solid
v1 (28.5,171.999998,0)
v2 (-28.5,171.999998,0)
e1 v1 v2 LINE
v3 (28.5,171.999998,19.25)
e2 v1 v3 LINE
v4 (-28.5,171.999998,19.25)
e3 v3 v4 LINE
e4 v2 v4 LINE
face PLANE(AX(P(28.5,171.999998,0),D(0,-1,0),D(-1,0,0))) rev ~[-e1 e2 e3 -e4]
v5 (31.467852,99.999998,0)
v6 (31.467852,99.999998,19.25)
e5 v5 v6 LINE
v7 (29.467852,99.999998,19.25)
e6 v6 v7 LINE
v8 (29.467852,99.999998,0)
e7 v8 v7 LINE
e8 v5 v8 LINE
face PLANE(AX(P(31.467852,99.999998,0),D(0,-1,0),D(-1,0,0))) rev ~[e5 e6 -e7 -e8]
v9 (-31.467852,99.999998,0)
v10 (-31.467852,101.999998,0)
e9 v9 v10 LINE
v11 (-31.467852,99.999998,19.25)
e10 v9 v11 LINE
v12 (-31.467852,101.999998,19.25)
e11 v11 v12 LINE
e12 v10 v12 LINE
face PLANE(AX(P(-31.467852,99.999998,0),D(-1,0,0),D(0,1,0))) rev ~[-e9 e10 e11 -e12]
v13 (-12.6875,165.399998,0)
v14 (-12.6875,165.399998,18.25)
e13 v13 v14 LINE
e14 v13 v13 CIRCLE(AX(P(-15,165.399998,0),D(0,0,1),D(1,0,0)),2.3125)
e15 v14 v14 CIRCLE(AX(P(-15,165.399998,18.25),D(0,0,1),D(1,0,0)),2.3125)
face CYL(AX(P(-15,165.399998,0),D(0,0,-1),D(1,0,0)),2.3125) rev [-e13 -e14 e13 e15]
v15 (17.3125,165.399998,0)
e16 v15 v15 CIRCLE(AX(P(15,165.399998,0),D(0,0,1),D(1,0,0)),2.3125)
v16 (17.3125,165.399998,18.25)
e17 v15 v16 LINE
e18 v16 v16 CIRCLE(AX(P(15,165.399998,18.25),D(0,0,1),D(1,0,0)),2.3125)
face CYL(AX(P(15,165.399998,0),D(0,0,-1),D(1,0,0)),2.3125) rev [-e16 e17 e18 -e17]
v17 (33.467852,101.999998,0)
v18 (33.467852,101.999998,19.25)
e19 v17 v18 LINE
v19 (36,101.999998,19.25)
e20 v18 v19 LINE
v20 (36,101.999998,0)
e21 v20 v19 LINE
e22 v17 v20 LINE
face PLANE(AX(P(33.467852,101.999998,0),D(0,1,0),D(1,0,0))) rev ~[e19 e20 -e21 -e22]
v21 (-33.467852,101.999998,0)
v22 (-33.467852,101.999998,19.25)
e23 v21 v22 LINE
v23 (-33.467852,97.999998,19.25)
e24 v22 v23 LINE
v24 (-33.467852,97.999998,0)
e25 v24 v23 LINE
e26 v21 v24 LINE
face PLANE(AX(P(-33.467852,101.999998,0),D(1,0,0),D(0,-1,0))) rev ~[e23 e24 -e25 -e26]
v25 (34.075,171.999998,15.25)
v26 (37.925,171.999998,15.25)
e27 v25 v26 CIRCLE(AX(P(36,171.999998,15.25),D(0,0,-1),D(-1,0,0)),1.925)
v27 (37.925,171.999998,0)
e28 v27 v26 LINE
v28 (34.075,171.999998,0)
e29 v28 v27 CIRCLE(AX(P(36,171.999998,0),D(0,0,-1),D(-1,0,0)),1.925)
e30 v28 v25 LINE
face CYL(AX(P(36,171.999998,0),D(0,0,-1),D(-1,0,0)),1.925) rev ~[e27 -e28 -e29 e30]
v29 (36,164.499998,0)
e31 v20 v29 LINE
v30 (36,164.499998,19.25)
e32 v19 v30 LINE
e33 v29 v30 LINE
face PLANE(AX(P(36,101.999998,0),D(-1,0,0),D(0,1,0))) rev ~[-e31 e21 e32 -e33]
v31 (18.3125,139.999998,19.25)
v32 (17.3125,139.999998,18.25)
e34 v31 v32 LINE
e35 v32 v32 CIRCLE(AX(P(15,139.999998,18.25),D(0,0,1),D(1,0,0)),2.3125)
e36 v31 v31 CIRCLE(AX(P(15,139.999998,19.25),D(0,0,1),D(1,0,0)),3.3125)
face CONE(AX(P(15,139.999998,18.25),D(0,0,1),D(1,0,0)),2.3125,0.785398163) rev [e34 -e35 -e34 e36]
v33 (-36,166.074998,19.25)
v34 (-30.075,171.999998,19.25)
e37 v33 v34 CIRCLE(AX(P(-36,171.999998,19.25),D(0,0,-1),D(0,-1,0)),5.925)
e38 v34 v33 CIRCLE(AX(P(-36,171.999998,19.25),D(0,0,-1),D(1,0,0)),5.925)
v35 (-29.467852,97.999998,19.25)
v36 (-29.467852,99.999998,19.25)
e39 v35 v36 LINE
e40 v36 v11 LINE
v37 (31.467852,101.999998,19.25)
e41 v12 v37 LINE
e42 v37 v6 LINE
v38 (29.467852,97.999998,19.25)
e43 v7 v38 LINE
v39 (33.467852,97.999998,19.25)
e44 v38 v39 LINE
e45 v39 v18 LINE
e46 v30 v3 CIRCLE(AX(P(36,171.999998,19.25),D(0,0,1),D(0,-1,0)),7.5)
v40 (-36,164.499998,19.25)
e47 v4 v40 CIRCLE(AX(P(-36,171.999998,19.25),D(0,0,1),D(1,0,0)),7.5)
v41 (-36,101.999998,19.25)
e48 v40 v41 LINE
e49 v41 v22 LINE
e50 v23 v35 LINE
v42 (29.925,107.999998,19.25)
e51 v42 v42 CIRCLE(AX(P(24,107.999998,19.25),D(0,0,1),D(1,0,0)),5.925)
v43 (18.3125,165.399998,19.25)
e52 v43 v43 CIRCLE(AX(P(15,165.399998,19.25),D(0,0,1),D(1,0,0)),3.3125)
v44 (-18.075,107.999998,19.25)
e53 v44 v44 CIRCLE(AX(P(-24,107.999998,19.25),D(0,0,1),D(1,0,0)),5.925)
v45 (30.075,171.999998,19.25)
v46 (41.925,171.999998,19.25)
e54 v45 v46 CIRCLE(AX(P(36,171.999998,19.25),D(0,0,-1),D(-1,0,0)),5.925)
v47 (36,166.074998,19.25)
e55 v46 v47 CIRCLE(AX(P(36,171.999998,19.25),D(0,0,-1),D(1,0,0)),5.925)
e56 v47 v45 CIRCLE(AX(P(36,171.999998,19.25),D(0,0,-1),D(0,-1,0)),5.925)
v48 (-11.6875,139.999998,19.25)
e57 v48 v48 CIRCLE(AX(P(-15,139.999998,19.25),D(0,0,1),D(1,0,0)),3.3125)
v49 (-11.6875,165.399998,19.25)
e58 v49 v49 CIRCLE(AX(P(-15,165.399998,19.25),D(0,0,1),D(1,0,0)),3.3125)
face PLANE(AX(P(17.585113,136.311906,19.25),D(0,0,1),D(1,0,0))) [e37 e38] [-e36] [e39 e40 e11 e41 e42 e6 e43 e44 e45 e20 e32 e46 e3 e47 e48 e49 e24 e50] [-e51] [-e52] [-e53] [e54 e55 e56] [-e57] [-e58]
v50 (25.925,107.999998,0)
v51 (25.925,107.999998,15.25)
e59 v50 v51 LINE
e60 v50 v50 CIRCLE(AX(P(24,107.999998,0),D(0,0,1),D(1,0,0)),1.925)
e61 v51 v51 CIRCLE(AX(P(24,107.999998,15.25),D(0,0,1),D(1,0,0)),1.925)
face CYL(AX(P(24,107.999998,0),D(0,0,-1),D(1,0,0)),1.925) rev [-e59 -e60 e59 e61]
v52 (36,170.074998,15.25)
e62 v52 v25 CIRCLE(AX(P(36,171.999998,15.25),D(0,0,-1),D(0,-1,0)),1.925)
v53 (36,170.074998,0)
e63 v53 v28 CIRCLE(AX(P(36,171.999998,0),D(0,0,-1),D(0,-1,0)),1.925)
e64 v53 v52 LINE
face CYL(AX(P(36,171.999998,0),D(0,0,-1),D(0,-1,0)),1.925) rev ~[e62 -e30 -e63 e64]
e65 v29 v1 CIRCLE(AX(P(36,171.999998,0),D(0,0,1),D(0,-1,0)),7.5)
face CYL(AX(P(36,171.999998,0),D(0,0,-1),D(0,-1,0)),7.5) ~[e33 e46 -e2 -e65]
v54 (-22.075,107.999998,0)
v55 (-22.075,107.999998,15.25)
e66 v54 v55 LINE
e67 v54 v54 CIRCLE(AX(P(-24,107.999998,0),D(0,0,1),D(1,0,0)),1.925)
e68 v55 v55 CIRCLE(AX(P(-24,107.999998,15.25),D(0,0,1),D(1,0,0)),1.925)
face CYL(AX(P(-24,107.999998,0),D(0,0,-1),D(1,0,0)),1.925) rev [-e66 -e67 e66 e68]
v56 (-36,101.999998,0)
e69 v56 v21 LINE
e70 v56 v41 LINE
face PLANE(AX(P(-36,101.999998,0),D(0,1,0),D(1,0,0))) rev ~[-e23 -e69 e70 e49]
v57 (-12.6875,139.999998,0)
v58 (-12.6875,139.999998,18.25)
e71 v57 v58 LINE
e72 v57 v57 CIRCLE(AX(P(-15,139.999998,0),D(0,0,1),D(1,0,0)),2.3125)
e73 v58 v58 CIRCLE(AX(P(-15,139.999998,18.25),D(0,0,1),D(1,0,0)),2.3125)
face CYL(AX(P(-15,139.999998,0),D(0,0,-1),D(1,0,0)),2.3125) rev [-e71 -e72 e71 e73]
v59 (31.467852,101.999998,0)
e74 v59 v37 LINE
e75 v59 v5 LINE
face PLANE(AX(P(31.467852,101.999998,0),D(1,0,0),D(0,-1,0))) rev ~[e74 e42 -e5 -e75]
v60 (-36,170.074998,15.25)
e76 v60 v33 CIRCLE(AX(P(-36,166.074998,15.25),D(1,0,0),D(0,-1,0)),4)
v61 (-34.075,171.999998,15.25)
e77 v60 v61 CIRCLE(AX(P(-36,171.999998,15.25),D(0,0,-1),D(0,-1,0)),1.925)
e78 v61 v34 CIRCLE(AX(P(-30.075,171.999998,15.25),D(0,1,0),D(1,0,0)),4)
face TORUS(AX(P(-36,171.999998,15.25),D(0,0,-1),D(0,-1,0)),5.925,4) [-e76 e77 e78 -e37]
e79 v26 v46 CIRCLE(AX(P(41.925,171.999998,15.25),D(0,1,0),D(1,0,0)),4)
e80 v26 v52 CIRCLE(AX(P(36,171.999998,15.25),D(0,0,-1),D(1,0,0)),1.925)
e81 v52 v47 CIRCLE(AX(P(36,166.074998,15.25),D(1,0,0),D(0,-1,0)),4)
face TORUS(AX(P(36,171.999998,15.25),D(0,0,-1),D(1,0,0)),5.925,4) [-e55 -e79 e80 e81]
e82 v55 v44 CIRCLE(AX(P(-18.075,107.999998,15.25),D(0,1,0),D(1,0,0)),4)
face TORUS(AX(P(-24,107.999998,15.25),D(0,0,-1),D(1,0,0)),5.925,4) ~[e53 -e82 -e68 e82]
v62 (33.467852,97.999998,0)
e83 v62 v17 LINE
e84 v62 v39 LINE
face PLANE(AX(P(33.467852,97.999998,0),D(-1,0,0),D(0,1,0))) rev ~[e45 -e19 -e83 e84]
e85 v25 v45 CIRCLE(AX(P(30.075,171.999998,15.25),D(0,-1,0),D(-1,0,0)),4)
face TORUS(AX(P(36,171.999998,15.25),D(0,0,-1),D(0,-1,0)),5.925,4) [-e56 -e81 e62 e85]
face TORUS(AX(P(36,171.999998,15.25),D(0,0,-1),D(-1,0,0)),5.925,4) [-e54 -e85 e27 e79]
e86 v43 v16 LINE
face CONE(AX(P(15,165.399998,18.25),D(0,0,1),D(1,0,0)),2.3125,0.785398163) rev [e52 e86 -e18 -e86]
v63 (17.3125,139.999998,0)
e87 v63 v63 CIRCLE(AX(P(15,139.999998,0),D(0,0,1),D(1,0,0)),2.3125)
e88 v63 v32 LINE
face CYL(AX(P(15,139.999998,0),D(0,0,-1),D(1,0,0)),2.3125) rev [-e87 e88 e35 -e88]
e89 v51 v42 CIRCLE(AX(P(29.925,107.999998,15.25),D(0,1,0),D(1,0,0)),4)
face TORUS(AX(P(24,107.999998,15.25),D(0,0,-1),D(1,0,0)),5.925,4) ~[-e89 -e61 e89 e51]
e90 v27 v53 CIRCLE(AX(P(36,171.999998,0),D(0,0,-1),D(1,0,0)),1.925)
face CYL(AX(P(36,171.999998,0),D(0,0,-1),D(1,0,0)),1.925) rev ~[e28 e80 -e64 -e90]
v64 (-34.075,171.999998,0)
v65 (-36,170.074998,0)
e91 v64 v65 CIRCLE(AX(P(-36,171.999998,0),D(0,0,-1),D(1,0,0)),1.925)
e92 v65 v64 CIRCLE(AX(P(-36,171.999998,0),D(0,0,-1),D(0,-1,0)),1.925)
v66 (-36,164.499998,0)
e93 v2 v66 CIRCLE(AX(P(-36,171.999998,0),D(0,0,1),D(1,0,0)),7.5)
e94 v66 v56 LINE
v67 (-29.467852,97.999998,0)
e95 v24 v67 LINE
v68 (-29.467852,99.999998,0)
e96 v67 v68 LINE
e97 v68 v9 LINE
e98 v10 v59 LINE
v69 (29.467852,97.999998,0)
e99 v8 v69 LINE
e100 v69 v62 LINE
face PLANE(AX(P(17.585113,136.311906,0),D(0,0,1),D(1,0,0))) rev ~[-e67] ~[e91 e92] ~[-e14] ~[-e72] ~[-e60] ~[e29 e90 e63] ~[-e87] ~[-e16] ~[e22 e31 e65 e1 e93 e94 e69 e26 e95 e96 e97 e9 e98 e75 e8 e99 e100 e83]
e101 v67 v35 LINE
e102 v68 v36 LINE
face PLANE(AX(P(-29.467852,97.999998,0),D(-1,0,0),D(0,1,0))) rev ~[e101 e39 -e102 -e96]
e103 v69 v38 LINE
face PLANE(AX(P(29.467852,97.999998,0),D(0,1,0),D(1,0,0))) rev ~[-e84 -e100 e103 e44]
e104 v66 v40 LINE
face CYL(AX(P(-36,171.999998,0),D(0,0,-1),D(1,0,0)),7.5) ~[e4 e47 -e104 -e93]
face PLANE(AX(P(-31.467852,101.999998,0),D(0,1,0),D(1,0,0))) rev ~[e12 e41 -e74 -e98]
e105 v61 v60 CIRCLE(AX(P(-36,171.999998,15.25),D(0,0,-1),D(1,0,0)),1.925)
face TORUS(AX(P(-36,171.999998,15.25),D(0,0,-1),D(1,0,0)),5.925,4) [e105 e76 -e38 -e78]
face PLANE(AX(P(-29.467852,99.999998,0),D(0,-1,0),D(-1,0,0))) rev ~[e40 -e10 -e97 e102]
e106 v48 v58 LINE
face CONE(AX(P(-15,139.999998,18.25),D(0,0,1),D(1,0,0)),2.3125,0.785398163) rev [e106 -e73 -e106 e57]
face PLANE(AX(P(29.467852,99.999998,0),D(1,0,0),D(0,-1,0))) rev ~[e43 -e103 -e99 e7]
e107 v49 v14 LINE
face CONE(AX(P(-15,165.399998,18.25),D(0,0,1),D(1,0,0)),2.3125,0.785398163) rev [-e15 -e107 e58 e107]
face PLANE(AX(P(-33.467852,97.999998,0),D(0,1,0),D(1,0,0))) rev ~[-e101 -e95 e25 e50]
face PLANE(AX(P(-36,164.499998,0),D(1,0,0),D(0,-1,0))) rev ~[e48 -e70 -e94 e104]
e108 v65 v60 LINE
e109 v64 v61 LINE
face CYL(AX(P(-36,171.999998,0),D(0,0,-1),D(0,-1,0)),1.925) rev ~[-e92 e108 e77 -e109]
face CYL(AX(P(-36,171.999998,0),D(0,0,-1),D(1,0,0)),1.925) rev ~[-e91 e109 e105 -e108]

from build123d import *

# Parameters (mm, degrees)
F0_R     = 2.3125
F0_R_2   = 1.925
F1_DEPTH = 19.25
F2_R     = 4
F3_SIZE  = 1


with BuildPart() as f1:
    # F0 (on Top) → F1 (new body)
    with BuildSketch(Plane.XY):
        with BuildLine():
            Line((33.6678512394, 101.9999980927), (36, 101.9999980927))
            Line((36, 101.9999980927), (36, 164.4999980927))
            ThreePointArc((36, 164.4999980927), (30.6966991411, 166.6966972338), (28.5, 171.9999980927))
            Line((28.5, 171.9999980927), (0, 171.9999980927))
            Line((0, 171.9999980927), (0, 101.9999980927))
            Line((0, 101.9999980927), (31.2678519189, 101.9999980927))
            Line((31.2678519189, 101.9999980927), (31.4678515792, 101.9999980927))
            Line((31.4678515792, 101.9999980927), (33.4678515792, 101.9999980927))
            Line((33.4678515792, 101.9999980927), (33.6678512394, 101.9999980927))
        make_face()
        with Locations((15, 139.9999980927)):
            Circle(F0_R, mode=Mode.SUBTRACT)
        with Locations((24, 107.9999980927)):
            Circle(F0_R_2, mode=Mode.SUBTRACT)
        with Locations((15, 165.3999980927)):
            Circle(F0_R, mode=Mode.SUBTRACT)
        with BuildLine():
            Line((0, 101.9999980927), (0, 171.9999980927))
            Line((0, 171.9999980927), (-28.5, 171.9999980927))
            ThreePointArc((-28.5, 171.9999980927), (-30.6966991411, 166.6966972338), (-36, 164.4999980927))
            Line((-36, 164.4999980927), (-36, 101.9999980927))
            Line((-36, 101.9999980927), (-33.6678512394, 101.9999980927))
            Line((-33.6678512394, 101.9999980927), (-33.4678515792, 101.9999980927))
            Line((-33.4678515792, 101.9999980927), (-31.4678515792, 101.9999980927))
            Line((-31.4678515792, 101.9999980927), (-31.2678519189, 101.9999980927))
            Line((-31.2678519189, 101.9999980927), (0, 101.9999980927))
        make_face()
        with Locations((-24, 107.9999980927)):
            Circle(F0_R_2, mode=Mode.SUBTRACT)
        with Locations((-15, 139.9999980927)):
            Circle(F0_R, mode=Mode.SUBTRACT)
        with Locations((-15, 165.3999980927)):
            Circle(F0_R, mode=Mode.SUBTRACT)
        Polygon((-31.4678515792, 99.9999980927), (-31.4678515792, 101.9999980927), (-33.4678515792, 101.9999980927), (-33.4678515792, 97.9999980927), (-29.4678515792, 97.9999980927), (-29.4678515792, 99.9999980927), align=None)
        Polygon((33.4678515792, 97.9999980927), (33.4678515792, 101.9999980927), (31.4678515792, 101.9999980927), (31.4678515792, 99.9999980927), (29.4678515792, 99.9999980927), (29.4678515792, 97.9999980927), align=None)
        with BuildLine():
            ThreePointArc((-36, 164.4999980927), (-30.6966991411, 166.6966972338), (-28.5, 171.9999980927))
            Line((-28.5, 171.9999980927), (-34.075, 171.9999980927))
            ThreePointArc((-34.075, 171.9999980927), (-34.6388194462, 170.6388175389), (-36, 170.0749980927))
            Line((-36, 170.0749980927), (-36, 164.4999980927))
        make_face()
        with BuildLine():
            Line((-34.075, 171.9999980927), (-28.5, 171.9999980927))
            ThreePointArc((-28.5, 171.9999980927), (-41.3033008589, 177.3032989516), (-36, 164.4999980927))
            Line((-36, 164.4999980927), (-36, 170.0749980927))
            ThreePointArc((-36, 170.0749980927), (-37.3611805538, 173.3611786464), (-34.075, 171.9999980927))
        make_face()
        with BuildLine():
            Line((36, 170.0749980927), (36, 164.4999980927))
            ThreePointArc((36, 164.4999980927), (41.3033008589, 166.6966972338), (43.5, 171.9999980927))
            ThreePointArc((43.5, 171.9999980927), (36, 179.4999980927), (28.5, 171.9999980927))
            Line((28.5, 171.9999980927), (34.075, 171.9999980927))
            ThreePointArc((34.075, 171.9999980927), (36, 173.9249980927), (37.925, 171.9999980927))
            ThreePointArc((37.925, 171.9999980927), (37.3611805538, 170.6388175389), (36, 170.0749980927))
        make_face()
        with BuildLine():
            ThreePointArc((28.5, 171.9999980927), (30.6966991411, 166.6966972338), (36, 164.4999980927))
            Line((36, 164.4999980927), (36, 170.0749980927))
            ThreePointArc((36, 170.0749980927), (34.6388194462, 170.6388175389), (34.075, 171.9999980927))
            Line((34.075, 171.9999980927), (28.5, 171.9999980927))
        make_face()
    extrude(amount=F1_DEPTH)

    # F2
    f2_edges = [f1.edges().sort_by_distance(p)[0] for p in [
        (-36, 173.924998, 19.25),
        (-25.925, 107.999998, 19.25),
        (22.075, 107.999998, 19.25),
        (37.925, 171.999998, 19.25),
    ]]
    fillet(f2_edges, radius=F2_R)

    # F3
    f3_edges = [f1.edges().sort_by_distance(p)[0] for p in [
        (-17.3125, 165.399998, 19.25),
        (-17.3125, 139.999998, 19.25),
        (12.6875, 139.999998, 19.25),
        (12.6875, 165.399998, 19.25),
    ]]
    chamfer(f3_edges, length=F3_SIZE)


solid = f1.part
